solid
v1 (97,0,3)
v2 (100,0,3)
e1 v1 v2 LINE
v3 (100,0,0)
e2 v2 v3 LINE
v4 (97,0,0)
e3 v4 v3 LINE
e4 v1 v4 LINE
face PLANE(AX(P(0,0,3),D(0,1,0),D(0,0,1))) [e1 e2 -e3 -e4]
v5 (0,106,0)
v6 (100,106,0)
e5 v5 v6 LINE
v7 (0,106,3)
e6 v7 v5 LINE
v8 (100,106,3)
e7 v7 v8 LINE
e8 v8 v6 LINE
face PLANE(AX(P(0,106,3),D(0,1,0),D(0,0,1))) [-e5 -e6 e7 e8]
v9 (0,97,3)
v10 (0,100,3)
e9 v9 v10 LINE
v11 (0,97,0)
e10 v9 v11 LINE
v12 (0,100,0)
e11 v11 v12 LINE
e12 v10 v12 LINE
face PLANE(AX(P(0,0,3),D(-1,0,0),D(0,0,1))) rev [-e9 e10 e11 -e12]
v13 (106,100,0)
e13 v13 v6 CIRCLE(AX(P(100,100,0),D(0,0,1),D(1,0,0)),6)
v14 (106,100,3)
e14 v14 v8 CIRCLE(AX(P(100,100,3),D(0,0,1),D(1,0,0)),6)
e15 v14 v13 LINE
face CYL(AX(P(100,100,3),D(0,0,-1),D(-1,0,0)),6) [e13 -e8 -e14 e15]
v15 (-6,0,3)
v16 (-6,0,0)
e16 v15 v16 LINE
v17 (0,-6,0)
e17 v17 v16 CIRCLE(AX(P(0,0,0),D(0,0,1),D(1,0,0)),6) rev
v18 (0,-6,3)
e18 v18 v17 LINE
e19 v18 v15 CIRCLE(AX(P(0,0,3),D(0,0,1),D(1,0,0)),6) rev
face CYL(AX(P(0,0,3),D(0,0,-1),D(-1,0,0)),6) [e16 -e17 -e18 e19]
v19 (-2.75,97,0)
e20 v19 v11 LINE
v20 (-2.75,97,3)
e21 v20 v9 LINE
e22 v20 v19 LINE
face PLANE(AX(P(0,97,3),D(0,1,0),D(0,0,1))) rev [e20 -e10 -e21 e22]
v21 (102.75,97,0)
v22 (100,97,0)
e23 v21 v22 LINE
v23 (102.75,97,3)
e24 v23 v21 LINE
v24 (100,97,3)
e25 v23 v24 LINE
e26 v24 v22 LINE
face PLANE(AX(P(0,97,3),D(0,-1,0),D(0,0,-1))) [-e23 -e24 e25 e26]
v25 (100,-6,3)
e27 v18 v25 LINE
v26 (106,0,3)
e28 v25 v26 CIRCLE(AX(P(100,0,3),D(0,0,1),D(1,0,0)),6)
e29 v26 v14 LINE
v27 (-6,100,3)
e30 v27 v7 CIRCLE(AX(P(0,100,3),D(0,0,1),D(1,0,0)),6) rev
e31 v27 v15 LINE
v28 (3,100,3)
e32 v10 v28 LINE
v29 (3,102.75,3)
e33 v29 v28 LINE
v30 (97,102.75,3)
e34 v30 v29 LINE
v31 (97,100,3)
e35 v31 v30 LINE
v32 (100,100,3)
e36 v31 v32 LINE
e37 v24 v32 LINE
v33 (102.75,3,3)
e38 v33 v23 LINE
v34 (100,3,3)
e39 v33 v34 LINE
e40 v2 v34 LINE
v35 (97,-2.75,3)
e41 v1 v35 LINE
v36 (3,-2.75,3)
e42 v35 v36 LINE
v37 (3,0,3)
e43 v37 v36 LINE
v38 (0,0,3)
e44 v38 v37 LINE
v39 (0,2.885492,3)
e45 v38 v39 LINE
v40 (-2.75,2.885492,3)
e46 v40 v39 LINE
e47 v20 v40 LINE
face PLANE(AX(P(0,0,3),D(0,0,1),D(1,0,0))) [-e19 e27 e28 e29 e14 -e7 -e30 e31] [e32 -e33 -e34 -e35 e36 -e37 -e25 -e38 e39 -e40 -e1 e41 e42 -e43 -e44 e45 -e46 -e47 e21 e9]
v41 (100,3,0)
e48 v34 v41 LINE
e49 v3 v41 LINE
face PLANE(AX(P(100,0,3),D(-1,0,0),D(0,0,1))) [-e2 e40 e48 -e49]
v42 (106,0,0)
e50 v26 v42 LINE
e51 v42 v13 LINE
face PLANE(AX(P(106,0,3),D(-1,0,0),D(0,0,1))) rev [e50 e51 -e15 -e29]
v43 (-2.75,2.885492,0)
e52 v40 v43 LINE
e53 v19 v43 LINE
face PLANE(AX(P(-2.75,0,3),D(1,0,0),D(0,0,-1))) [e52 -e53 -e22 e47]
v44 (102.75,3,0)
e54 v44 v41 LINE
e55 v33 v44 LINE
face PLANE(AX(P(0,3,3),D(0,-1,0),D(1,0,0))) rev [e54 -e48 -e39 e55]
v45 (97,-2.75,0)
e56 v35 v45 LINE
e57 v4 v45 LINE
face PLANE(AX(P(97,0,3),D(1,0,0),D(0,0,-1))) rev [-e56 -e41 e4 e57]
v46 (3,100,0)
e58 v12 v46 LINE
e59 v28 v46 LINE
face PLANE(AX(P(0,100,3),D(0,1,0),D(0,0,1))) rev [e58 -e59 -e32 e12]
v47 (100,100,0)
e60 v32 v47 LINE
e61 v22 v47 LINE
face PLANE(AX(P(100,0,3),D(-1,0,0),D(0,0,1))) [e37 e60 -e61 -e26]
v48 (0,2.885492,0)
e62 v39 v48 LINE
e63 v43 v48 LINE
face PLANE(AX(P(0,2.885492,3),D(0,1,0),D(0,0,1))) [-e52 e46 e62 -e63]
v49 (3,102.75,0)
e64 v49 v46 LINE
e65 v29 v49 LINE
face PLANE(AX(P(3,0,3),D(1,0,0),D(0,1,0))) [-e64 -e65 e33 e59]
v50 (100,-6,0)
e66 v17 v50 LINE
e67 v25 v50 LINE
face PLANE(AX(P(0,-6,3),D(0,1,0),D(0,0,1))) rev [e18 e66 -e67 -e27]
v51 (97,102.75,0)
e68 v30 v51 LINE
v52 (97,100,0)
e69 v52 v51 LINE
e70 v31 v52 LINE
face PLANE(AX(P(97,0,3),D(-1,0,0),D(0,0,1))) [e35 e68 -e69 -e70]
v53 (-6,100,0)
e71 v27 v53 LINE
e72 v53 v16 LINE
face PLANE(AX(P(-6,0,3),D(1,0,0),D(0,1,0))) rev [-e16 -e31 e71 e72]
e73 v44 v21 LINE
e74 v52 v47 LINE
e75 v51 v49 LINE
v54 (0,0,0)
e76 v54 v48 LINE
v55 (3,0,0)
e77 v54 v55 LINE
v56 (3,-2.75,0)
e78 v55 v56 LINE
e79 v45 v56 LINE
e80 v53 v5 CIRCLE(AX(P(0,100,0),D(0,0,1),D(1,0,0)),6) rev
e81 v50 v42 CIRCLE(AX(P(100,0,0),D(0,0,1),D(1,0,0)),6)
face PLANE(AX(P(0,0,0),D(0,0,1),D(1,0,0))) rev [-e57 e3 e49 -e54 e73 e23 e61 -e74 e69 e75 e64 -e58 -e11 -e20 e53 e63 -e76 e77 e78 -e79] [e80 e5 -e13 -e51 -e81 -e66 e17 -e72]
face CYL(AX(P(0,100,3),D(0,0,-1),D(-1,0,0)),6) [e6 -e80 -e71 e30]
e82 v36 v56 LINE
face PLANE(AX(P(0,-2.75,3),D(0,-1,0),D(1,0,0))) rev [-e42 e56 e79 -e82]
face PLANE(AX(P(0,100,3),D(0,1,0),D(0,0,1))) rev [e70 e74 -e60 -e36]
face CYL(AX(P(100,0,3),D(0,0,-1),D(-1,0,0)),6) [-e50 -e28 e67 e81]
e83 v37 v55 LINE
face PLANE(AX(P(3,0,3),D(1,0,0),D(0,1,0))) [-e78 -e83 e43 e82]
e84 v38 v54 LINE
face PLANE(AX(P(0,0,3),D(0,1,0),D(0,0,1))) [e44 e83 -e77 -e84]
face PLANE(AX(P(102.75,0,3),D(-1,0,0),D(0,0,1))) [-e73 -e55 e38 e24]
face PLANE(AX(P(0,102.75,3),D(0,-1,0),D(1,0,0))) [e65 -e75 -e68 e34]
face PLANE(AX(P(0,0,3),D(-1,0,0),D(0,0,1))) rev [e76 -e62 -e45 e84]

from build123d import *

# Parameters (mm, degrees)
EXTRUDE_1_DEPTH = 3


with BuildPart() as part:
    # 草图1 → 凸台-拉伸1 (new body)
    with BuildSketch(Plane.XY):
        with BuildLine():
            ThreePointArc((-6, 0), (-4.242640687, -4.242640687), (0, -6))
            Line((0, -6), (100, -6))
            ThreePointArc((100, -6), (104.242640687, -4.242640687), (106, 0))
            Line((106, 0), (106, 100))
            ThreePointArc((106, 100), (104.242640687, 104.242640687), (100, 106))
            Line((100, 106), (0, 106))
            ThreePointArc((0, 106), (-4.242640687, 104.242640687), (-6, 100))
            Line((-6, 100), (-6, 0))
        make_face()
        Polygon((97, 0), (97, -2.75), (3, -2.75), (3, 0), (0, 0), (0, 2.885491928), (-2.75, 2.885491928), (-2.75, 3.015491928), (-2.75, 97), (0, 97), (0, 100), (3, 100), (3, 102.75), (97, 102.75), (97, 100), (100, 100), (100, 97), (102.75, 97), (102.75, 3), (100, 3), (100, 0), align=None, mode=Mode.SUBTRACT)
    extrude(amount=EXTRUDE_1_DEPTH)


solid = part.part
